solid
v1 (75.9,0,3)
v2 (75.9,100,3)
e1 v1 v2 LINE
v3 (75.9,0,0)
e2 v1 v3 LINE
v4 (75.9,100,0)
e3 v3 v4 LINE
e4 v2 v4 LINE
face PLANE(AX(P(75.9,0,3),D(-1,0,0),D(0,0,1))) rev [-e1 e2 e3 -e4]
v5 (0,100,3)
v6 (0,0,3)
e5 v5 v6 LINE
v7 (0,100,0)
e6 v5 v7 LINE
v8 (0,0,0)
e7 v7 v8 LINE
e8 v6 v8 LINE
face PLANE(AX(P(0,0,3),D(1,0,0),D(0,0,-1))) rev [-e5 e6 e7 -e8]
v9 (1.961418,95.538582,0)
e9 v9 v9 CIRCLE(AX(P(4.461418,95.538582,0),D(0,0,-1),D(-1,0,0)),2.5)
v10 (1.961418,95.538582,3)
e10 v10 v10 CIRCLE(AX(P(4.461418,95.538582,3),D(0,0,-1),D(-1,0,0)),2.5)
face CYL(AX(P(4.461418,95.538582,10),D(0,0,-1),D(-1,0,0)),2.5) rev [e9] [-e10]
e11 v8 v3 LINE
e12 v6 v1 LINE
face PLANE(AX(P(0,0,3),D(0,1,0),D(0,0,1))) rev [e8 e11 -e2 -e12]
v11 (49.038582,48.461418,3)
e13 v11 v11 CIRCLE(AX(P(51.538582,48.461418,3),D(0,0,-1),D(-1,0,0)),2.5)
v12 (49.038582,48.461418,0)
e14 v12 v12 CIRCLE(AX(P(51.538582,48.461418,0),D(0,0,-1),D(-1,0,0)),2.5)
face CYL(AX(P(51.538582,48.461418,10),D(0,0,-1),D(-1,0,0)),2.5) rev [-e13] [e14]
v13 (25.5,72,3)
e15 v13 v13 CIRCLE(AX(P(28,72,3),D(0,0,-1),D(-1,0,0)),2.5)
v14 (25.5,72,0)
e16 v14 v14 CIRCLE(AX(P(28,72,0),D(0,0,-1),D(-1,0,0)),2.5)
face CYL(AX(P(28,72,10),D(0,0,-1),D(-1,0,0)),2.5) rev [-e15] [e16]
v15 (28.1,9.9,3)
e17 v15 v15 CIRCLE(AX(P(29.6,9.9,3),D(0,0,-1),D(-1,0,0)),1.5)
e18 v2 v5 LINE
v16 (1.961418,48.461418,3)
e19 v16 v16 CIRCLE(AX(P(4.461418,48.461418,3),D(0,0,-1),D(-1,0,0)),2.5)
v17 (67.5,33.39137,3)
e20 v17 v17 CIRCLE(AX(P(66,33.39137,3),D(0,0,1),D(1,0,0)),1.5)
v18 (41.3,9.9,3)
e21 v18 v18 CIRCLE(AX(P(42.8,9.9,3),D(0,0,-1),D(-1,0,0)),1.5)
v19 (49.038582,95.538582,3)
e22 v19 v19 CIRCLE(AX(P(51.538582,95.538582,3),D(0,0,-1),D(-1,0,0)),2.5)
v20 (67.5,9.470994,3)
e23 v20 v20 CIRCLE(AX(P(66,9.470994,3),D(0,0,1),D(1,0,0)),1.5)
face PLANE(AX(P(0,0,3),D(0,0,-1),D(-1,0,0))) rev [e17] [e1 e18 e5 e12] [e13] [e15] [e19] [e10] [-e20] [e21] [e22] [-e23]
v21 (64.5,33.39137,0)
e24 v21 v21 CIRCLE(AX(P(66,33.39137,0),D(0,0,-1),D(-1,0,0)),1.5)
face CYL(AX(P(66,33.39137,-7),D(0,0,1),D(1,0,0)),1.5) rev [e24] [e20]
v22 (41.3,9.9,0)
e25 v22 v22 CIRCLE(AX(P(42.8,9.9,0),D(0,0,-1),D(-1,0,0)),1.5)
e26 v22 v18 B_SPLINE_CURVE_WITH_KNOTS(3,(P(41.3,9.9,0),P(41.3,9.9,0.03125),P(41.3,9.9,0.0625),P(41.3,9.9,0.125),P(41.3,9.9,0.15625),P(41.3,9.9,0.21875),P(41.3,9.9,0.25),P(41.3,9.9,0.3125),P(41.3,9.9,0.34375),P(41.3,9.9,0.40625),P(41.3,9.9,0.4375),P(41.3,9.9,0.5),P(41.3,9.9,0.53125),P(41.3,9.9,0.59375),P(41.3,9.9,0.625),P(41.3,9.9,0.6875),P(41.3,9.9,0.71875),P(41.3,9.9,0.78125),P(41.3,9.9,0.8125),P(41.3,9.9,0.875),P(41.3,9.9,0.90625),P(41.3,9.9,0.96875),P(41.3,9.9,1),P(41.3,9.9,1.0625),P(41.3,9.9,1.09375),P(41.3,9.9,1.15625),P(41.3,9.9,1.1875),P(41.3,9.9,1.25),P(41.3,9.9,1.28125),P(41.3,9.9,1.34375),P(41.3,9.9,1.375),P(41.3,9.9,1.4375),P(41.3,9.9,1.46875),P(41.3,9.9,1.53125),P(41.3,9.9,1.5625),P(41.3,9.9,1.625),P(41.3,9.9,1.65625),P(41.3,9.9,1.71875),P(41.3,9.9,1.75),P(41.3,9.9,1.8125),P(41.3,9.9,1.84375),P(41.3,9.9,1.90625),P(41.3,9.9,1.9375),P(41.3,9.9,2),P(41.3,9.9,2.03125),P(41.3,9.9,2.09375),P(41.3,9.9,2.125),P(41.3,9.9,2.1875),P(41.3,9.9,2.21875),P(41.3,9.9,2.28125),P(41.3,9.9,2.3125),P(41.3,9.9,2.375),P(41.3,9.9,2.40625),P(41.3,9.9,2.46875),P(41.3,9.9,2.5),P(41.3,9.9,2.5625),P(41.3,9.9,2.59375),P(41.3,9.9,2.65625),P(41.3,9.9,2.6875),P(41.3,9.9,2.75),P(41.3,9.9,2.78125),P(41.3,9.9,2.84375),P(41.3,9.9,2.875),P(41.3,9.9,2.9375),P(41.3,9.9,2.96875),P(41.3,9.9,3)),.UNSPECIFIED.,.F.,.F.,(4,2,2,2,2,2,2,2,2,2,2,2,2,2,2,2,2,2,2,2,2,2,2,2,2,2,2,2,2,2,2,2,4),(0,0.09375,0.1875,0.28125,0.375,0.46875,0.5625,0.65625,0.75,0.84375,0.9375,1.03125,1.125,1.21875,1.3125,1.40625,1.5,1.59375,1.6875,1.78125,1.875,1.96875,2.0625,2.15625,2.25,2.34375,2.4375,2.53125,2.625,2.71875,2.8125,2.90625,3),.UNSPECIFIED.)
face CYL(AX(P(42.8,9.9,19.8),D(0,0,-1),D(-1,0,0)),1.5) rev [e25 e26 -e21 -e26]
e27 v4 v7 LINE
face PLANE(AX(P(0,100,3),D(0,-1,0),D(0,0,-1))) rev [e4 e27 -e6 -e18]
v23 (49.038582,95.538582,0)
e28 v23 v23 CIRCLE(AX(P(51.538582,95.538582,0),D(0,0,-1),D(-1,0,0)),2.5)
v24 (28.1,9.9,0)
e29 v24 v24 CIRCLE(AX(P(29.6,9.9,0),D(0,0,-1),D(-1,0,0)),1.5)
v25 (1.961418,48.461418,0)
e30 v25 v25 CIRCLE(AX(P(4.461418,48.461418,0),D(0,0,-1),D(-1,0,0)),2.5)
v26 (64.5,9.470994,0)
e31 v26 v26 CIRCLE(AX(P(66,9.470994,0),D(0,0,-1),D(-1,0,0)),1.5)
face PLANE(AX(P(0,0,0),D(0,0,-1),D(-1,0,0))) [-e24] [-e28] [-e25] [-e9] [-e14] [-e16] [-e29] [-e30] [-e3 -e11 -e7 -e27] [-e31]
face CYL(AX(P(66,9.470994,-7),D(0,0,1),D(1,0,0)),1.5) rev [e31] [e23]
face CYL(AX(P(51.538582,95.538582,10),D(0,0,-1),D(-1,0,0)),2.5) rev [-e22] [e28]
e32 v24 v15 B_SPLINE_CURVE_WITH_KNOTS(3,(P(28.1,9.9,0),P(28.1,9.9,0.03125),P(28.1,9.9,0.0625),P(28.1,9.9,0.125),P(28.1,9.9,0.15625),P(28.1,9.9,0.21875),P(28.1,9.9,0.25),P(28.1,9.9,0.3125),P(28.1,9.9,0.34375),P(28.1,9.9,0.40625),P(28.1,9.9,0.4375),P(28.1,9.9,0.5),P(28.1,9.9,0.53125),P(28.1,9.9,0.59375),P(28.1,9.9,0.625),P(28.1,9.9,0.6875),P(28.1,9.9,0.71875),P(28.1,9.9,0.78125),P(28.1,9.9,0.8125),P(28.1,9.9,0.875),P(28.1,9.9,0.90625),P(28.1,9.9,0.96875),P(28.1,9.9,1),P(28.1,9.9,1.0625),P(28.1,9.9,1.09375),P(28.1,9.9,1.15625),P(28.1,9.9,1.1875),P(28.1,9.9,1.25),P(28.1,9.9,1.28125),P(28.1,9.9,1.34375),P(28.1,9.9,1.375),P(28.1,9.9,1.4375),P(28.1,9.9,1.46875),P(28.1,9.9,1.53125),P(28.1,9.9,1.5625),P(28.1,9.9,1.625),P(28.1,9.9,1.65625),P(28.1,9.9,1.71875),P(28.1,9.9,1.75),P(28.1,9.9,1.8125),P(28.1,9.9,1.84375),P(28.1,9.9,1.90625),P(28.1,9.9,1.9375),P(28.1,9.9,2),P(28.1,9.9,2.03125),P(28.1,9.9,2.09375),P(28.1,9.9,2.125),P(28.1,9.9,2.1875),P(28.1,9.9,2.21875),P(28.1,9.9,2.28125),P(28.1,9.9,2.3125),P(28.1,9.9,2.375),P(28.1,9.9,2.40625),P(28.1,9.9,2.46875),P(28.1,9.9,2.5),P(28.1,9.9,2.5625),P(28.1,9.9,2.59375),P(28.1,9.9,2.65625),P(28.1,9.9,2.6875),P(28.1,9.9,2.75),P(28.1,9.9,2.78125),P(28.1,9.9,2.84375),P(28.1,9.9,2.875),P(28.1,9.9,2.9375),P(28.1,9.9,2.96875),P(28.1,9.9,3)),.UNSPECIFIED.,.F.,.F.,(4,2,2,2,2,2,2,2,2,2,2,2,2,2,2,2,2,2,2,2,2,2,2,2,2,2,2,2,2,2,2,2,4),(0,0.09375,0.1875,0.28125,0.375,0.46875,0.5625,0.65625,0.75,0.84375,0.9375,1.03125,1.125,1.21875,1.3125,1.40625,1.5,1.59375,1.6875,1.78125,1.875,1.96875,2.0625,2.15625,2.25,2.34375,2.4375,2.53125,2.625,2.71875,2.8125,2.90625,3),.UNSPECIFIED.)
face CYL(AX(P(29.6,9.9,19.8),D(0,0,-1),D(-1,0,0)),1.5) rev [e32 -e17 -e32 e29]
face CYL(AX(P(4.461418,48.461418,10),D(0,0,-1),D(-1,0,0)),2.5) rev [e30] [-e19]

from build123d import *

# Parameters (mm, degrees)
SKETCH1_W           = 75.9
SKETCH1_H           = 100
BOSS_EXTRUDE1_DEPTH = 3
SKETCH2_R           = 2.5
CUT_EXTRUDE1_DEPTH  = 10
SKETCH5_R           = 1.5
CUT_EXTRUDE2_DEPTH  = 10
SKETCH7_R           = 1.5
CUT_EXTRUDE3_DEPTH  = 19.8
SKETCH8_R           = 2.5
CUT_EXTRUDE4_DEPTH  = 10


with BuildPart() as part:
    # Sketch1 → Boss-Extrude1 (new body)
    with BuildSketch(Plane.XY):
        with Locations((37.95, 50)):
            Rectangle(SKETCH1_W, SKETCH1_H)
    extrude(amount=BOSS_EXTRUDE1_DEPTH)

    # Sketch2 → Cut-Extrude1 (cut)
    with BuildSketch(Plane(origin=(0, 0, 0), x_dir=(-1, 0, 0), z_dir=(0, 0, -1))):
        with Locations((-51.538582233, 95.538582233)):
            Circle(SKETCH2_R)
        with Locations((-4.461417767, 95.538582233)):
            Circle(SKETCH2_R)
        with Locations((-4.461417767, 48.461417767)):
            Circle(SKETCH2_R)
        with Locations((-51.538582233, 48.461417767)):
            Circle(SKETCH2_R)
    extrude(amount=-CUT_EXTRUDE1_DEPTH, mode=Mode.SUBTRACT)

    # Sketch5 → Cut-Extrude2 (cut)
    with BuildSketch(Plane.XY.offset(3)):
        with Locations((66, 33.391370051)):
            Circle(SKETCH5_R)
        with Locations((66, 9.470993714)):
            Circle(SKETCH5_R)
    extrude(amount=-CUT_EXTRUDE2_DEPTH, mode=Mode.SUBTRACT)

    # Sketch7 → Cut-Extrude3 (cut)
    with BuildSketch(Plane(origin=(0, 0, 0), x_dir=(-1, 0, 0), z_dir=(0, 0, -1))):
        with Locations((-29.6, 9.9)):
            Circle(SKETCH7_R)
        with Locations((-42.8, 9.9)):
            Circle(SKETCH7_R)
    extrude(amount=-CUT_EXTRUDE3_DEPTH, mode=Mode.SUBTRACT)

    # Sketch8 → Cut-Extrude4 (cut)
    with BuildSketch(Plane(origin=(0, 0, 0), x_dir=(-1, 0, 0), z_dir=(0, 0, -1))):
        with Locations((-28, 72)):
            Circle(SKETCH8_R)
    extrude(amount=-CUT_EXTRUDE4_DEPTH, mode=Mode.SUBTRACT)


solid = part.part
